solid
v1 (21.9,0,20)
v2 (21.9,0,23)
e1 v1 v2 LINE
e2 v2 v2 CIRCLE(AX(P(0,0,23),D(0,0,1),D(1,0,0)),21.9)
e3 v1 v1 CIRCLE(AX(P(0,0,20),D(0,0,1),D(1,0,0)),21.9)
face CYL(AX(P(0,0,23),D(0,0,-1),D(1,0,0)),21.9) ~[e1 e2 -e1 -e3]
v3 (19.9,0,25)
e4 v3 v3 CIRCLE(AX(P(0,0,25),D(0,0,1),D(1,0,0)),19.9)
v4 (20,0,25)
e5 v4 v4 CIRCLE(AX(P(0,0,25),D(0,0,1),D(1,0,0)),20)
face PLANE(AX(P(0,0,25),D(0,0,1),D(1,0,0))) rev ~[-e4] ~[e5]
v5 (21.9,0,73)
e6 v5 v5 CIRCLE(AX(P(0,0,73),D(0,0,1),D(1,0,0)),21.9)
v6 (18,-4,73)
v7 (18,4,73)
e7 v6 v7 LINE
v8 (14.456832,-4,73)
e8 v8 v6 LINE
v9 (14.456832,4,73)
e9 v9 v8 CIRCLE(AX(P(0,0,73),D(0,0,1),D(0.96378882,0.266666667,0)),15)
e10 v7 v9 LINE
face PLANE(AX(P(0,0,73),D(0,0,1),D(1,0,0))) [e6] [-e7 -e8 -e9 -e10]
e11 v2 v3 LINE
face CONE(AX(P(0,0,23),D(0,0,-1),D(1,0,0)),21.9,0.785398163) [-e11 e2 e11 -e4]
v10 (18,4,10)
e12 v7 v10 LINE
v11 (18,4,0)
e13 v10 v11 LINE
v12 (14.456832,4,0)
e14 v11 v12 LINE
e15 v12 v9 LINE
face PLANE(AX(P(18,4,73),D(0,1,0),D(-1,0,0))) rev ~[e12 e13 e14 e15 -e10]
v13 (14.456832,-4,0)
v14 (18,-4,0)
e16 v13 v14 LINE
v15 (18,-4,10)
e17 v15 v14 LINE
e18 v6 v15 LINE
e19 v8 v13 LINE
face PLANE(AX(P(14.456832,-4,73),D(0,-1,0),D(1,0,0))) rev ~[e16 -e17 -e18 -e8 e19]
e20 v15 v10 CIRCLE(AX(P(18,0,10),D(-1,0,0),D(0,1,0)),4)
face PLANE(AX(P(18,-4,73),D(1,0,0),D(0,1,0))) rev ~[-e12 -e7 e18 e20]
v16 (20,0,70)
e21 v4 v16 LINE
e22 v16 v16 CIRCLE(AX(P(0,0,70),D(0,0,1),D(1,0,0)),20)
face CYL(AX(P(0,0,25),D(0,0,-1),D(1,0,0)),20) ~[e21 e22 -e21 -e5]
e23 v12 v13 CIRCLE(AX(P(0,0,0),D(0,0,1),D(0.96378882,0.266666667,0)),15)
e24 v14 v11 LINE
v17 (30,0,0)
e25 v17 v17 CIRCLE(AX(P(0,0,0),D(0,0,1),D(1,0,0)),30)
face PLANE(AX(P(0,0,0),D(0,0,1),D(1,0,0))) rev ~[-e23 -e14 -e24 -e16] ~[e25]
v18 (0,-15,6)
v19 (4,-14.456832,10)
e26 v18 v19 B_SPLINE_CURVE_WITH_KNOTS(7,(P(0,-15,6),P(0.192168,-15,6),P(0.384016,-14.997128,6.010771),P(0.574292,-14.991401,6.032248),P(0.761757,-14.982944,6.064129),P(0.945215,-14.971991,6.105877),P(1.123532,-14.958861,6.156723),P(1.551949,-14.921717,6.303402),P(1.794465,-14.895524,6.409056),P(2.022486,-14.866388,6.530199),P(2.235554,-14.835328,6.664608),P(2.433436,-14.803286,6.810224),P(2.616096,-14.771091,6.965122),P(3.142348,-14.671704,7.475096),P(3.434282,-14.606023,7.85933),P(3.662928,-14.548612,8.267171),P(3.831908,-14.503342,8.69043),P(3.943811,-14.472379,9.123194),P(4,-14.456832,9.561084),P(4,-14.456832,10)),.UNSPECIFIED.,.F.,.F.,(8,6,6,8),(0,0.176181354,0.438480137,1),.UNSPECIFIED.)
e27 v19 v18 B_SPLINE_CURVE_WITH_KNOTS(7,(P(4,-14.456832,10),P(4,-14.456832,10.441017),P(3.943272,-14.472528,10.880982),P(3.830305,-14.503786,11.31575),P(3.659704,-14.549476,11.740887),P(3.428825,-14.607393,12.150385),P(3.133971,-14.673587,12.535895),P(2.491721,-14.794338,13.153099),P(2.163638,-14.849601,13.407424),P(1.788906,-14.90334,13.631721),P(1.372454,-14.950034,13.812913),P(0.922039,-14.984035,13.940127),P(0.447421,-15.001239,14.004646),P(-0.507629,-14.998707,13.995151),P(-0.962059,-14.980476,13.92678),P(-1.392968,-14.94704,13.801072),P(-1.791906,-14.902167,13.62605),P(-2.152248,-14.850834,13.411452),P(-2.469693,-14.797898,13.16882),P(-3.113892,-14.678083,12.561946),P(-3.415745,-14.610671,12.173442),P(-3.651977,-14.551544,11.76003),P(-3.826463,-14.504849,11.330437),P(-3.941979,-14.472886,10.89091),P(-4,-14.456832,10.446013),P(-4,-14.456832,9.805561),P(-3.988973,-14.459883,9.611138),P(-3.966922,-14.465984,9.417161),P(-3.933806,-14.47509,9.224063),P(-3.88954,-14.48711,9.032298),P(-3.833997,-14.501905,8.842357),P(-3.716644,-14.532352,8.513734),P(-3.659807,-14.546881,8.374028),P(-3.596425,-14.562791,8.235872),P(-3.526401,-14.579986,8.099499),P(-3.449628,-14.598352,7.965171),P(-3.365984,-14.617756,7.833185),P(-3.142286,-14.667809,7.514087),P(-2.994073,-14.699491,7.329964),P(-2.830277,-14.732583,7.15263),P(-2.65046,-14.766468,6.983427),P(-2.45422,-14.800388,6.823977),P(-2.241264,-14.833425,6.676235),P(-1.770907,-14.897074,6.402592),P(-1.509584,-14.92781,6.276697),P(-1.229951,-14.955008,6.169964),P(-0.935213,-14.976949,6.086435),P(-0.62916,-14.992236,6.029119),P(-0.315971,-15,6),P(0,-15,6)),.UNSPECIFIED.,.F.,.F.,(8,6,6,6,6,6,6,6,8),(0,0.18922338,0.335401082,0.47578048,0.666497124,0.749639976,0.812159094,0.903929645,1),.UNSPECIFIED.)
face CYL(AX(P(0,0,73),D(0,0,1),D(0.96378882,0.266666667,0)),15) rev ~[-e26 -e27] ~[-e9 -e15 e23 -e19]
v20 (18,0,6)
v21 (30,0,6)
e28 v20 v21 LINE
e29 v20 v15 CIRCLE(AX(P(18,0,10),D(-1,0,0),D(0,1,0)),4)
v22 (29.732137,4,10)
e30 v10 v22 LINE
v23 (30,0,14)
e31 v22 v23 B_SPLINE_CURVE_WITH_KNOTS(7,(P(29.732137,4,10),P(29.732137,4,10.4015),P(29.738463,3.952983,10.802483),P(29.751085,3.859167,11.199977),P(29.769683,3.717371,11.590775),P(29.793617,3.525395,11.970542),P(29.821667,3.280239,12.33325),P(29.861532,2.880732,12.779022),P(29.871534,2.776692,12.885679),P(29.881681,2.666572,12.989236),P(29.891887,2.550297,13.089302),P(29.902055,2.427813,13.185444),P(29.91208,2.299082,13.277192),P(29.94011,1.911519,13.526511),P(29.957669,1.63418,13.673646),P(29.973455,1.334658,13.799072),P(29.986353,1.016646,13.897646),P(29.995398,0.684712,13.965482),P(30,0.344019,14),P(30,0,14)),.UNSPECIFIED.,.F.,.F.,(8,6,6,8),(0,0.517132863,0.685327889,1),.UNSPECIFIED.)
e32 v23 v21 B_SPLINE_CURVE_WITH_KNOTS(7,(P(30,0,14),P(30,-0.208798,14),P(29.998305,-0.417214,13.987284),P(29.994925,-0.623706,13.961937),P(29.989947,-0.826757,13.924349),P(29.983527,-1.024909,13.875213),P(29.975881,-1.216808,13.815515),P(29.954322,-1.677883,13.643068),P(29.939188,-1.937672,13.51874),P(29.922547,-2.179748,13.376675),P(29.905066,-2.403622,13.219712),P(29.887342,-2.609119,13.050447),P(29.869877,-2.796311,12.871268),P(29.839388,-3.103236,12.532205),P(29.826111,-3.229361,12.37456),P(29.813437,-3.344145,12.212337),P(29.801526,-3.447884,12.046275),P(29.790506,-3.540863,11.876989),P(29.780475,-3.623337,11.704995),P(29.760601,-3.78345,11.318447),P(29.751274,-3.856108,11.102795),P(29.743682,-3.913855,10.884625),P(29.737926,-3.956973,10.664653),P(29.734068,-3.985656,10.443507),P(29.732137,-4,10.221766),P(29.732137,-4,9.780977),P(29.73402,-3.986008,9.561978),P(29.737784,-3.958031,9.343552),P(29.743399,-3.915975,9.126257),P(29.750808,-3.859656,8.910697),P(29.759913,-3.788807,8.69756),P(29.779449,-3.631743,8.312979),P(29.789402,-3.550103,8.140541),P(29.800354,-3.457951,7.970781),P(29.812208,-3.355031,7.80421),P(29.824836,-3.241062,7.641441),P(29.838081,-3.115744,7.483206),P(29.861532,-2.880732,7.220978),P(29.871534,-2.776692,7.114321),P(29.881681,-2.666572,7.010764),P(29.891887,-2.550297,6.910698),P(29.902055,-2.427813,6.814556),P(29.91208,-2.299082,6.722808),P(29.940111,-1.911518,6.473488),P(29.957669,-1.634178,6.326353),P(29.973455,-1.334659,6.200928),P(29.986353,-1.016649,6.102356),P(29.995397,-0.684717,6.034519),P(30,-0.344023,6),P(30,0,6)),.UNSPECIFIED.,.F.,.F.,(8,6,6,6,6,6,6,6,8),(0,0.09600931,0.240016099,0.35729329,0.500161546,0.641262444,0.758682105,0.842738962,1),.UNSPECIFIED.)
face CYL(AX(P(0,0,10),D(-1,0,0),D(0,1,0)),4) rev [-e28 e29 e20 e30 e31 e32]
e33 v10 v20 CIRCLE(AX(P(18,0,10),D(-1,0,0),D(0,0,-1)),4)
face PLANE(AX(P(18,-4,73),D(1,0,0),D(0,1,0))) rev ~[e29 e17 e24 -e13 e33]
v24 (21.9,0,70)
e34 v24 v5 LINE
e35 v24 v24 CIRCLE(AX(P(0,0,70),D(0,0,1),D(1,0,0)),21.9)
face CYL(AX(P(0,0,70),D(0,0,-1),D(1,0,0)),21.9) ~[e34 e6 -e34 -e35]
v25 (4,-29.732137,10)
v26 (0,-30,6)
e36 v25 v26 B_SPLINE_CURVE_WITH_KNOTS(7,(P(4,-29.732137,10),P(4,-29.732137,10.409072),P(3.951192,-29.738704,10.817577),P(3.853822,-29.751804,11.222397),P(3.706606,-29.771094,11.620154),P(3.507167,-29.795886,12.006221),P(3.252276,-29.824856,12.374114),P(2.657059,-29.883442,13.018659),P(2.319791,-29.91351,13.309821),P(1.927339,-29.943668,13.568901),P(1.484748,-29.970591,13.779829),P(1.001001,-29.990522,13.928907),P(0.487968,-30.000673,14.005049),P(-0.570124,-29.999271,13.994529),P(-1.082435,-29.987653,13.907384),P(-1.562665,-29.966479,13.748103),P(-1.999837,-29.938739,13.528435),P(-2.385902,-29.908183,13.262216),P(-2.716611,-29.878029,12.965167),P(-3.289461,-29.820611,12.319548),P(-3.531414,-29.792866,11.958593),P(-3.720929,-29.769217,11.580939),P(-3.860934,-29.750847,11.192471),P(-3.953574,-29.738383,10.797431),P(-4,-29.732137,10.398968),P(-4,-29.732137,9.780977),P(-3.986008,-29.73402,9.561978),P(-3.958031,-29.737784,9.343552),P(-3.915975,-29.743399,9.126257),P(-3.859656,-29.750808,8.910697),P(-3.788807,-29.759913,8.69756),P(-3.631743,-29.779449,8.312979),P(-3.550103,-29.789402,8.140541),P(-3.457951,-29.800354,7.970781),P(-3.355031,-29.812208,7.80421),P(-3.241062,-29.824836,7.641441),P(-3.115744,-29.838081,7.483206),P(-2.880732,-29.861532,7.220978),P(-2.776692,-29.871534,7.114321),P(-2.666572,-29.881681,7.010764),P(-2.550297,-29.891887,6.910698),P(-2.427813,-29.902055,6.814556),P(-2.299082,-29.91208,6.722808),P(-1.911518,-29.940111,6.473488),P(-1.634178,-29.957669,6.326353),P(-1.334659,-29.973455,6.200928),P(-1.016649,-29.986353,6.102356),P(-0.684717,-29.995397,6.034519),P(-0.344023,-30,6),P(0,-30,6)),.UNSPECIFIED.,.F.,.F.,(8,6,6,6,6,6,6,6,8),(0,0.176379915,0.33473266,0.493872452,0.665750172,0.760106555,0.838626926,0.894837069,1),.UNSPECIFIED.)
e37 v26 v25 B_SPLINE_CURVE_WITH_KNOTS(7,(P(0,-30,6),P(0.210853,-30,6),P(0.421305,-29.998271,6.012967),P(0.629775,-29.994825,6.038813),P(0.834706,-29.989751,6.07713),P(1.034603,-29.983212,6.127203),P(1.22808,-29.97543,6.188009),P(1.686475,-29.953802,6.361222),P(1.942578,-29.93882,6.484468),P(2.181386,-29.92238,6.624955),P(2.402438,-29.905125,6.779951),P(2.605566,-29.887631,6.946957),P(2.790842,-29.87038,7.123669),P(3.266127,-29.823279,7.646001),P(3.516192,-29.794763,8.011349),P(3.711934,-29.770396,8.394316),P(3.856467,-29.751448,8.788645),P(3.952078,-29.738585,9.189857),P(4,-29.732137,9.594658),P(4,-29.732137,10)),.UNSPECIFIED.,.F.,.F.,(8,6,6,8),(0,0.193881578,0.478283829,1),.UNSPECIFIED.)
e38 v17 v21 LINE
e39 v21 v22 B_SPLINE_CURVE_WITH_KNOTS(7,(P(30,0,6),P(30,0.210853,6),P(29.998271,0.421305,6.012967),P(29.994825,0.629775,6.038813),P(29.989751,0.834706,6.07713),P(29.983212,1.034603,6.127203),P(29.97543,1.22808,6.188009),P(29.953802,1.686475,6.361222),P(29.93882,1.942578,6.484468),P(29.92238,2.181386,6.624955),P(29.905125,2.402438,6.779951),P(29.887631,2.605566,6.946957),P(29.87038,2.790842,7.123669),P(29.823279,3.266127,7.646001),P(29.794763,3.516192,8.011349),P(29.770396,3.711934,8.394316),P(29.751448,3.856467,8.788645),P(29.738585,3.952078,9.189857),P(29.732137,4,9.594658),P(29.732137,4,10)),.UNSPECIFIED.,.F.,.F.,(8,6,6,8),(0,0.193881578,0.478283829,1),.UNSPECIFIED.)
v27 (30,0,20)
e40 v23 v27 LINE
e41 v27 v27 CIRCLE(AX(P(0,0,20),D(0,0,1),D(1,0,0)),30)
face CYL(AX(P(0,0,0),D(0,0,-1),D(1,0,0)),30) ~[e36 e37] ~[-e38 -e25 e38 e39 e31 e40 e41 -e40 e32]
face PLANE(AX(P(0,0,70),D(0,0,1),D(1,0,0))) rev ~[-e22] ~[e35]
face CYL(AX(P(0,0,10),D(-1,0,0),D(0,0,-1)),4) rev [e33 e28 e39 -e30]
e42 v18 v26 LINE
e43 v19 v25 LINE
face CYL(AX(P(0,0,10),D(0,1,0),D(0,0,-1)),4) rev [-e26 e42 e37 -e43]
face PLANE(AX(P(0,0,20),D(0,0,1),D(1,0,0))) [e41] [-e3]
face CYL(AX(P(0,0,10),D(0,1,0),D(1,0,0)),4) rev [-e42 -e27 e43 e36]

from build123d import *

# Parameters (mm, degrees)
F0_R      = 30
F1_DEPTH  = 20
F2_R      = 21.9
F3_DEPTH  = 3
F4_R      = 21.9
F5_DEPTH  = 2
F6_SIZE   = 2
F7_R      = 20
F8_DEPTH  = 45
F9_R      = 21.9
F10_DEPTH = 3
F12_DEPTH = 86.2
F14_DEPTH = 70
F16_DEPTH = 60.5


with BuildPart() as f1:
    # F0 (on Top) → F1 (new body)
    with BuildSketch(Plane.XY):
        Circle(F0_R)
    extrude(amount=F1_DEPTH)

    # F2 (on face) → F3 (join)
    with BuildSketch(Plane.XY.offset(20)):
        Circle(F2_R)
    extrude(amount=F3_DEPTH)

    # F4 (on face) → F5 (join)
    with BuildSketch(Plane.XY.offset(23)):
        Circle(F4_R)
    extrude(amount=F5_DEPTH)

    # F6
    f6_edges = [f1.edges().sort_by_distance(p)[0] for p in [
        (-21.9, 0, 25),
    ]]
    chamfer(f6_edges, length=F6_SIZE)

    # F7 (on face) → F8 (join)
    with BuildSketch(Plane.XY.offset(25)):
        Circle(F7_R)
    extrude(amount=F8_DEPTH)

    # F9 (on face) → F10 (join)
    with BuildSketch(Plane.XY.offset(70)):
        Circle(F9_R)
    extrude(amount=F10_DEPTH)

    # F11 (on face) → F12 (cut)
    with BuildSketch(Plane.XY.offset(73)):
        with BuildLine():
            Line((-15, 0), (15, 0))
            ThreePointArc((15, 0), (14.8635877974, 2.0183552187), (14.4568322948, 4))
            ThreePointArc((14.4568322948, 4), (-2.0183552187, 14.8635877974), (-15, 0))
        make_face()
        with BuildLine():
            Line((18, 0), (15, 0))
            ThreePointArc((15, 0), (14.8635877974, -2.0183552187), (14.4568322948, -4))
            Line((14.4568322948, -4), (18, -4))
            Line((18, -4), (18, 0))
        make_face()
        with BuildLine():
            ThreePointArc((14.4568322948, -4), (14.8635877974, -2.0183552187), (15, 0))
            Line((15, 0), (-15, 0))
            ThreePointArc((-15, 0), (-2.0183552187, -14.8635877974), (14.4568322948, -4))
        make_face()
        with BuildLine():
            ThreePointArc((14.4568322948, 4), (14.8635877974, 2.0183552187), (15, 0))
            Line((15, 0), (18, 0))
            Line((18, 0), (18, 4))
            Line((18, 4), (14.4568322948, 4))
        make_face()
    extrude(amount=-F12_DEPTH, mode=Mode.SUBTRACT)

    # F13 (on Front) → F14 (cut)
    with BuildSketch(Plane.XZ):
        with BuildLine():
            ThreePointArc((0, 6), (2.8284271247, 7.1715728753), (4, 10))
            ThreePointArc((4, 10), (-2.8284271247, 12.8284271247), (0, 6))
        make_face()
    extrude(amount=F14_DEPTH, mode=Mode.SUBTRACT)

    # F15 (on Right) → F16 (cut)
    with BuildSketch(Plane.YZ):
        with BuildLine():
            ThreePointArc((0, 6), (2.8284271247, 7.1715728753), (4, 10))
            ThreePointArc((4, 10), (-2.8284271247, 12.8284271247), (0, 6))
        make_face()
    extrude(amount=F16_DEPTH, mode=Mode.SUBTRACT)


solid = f1.part
